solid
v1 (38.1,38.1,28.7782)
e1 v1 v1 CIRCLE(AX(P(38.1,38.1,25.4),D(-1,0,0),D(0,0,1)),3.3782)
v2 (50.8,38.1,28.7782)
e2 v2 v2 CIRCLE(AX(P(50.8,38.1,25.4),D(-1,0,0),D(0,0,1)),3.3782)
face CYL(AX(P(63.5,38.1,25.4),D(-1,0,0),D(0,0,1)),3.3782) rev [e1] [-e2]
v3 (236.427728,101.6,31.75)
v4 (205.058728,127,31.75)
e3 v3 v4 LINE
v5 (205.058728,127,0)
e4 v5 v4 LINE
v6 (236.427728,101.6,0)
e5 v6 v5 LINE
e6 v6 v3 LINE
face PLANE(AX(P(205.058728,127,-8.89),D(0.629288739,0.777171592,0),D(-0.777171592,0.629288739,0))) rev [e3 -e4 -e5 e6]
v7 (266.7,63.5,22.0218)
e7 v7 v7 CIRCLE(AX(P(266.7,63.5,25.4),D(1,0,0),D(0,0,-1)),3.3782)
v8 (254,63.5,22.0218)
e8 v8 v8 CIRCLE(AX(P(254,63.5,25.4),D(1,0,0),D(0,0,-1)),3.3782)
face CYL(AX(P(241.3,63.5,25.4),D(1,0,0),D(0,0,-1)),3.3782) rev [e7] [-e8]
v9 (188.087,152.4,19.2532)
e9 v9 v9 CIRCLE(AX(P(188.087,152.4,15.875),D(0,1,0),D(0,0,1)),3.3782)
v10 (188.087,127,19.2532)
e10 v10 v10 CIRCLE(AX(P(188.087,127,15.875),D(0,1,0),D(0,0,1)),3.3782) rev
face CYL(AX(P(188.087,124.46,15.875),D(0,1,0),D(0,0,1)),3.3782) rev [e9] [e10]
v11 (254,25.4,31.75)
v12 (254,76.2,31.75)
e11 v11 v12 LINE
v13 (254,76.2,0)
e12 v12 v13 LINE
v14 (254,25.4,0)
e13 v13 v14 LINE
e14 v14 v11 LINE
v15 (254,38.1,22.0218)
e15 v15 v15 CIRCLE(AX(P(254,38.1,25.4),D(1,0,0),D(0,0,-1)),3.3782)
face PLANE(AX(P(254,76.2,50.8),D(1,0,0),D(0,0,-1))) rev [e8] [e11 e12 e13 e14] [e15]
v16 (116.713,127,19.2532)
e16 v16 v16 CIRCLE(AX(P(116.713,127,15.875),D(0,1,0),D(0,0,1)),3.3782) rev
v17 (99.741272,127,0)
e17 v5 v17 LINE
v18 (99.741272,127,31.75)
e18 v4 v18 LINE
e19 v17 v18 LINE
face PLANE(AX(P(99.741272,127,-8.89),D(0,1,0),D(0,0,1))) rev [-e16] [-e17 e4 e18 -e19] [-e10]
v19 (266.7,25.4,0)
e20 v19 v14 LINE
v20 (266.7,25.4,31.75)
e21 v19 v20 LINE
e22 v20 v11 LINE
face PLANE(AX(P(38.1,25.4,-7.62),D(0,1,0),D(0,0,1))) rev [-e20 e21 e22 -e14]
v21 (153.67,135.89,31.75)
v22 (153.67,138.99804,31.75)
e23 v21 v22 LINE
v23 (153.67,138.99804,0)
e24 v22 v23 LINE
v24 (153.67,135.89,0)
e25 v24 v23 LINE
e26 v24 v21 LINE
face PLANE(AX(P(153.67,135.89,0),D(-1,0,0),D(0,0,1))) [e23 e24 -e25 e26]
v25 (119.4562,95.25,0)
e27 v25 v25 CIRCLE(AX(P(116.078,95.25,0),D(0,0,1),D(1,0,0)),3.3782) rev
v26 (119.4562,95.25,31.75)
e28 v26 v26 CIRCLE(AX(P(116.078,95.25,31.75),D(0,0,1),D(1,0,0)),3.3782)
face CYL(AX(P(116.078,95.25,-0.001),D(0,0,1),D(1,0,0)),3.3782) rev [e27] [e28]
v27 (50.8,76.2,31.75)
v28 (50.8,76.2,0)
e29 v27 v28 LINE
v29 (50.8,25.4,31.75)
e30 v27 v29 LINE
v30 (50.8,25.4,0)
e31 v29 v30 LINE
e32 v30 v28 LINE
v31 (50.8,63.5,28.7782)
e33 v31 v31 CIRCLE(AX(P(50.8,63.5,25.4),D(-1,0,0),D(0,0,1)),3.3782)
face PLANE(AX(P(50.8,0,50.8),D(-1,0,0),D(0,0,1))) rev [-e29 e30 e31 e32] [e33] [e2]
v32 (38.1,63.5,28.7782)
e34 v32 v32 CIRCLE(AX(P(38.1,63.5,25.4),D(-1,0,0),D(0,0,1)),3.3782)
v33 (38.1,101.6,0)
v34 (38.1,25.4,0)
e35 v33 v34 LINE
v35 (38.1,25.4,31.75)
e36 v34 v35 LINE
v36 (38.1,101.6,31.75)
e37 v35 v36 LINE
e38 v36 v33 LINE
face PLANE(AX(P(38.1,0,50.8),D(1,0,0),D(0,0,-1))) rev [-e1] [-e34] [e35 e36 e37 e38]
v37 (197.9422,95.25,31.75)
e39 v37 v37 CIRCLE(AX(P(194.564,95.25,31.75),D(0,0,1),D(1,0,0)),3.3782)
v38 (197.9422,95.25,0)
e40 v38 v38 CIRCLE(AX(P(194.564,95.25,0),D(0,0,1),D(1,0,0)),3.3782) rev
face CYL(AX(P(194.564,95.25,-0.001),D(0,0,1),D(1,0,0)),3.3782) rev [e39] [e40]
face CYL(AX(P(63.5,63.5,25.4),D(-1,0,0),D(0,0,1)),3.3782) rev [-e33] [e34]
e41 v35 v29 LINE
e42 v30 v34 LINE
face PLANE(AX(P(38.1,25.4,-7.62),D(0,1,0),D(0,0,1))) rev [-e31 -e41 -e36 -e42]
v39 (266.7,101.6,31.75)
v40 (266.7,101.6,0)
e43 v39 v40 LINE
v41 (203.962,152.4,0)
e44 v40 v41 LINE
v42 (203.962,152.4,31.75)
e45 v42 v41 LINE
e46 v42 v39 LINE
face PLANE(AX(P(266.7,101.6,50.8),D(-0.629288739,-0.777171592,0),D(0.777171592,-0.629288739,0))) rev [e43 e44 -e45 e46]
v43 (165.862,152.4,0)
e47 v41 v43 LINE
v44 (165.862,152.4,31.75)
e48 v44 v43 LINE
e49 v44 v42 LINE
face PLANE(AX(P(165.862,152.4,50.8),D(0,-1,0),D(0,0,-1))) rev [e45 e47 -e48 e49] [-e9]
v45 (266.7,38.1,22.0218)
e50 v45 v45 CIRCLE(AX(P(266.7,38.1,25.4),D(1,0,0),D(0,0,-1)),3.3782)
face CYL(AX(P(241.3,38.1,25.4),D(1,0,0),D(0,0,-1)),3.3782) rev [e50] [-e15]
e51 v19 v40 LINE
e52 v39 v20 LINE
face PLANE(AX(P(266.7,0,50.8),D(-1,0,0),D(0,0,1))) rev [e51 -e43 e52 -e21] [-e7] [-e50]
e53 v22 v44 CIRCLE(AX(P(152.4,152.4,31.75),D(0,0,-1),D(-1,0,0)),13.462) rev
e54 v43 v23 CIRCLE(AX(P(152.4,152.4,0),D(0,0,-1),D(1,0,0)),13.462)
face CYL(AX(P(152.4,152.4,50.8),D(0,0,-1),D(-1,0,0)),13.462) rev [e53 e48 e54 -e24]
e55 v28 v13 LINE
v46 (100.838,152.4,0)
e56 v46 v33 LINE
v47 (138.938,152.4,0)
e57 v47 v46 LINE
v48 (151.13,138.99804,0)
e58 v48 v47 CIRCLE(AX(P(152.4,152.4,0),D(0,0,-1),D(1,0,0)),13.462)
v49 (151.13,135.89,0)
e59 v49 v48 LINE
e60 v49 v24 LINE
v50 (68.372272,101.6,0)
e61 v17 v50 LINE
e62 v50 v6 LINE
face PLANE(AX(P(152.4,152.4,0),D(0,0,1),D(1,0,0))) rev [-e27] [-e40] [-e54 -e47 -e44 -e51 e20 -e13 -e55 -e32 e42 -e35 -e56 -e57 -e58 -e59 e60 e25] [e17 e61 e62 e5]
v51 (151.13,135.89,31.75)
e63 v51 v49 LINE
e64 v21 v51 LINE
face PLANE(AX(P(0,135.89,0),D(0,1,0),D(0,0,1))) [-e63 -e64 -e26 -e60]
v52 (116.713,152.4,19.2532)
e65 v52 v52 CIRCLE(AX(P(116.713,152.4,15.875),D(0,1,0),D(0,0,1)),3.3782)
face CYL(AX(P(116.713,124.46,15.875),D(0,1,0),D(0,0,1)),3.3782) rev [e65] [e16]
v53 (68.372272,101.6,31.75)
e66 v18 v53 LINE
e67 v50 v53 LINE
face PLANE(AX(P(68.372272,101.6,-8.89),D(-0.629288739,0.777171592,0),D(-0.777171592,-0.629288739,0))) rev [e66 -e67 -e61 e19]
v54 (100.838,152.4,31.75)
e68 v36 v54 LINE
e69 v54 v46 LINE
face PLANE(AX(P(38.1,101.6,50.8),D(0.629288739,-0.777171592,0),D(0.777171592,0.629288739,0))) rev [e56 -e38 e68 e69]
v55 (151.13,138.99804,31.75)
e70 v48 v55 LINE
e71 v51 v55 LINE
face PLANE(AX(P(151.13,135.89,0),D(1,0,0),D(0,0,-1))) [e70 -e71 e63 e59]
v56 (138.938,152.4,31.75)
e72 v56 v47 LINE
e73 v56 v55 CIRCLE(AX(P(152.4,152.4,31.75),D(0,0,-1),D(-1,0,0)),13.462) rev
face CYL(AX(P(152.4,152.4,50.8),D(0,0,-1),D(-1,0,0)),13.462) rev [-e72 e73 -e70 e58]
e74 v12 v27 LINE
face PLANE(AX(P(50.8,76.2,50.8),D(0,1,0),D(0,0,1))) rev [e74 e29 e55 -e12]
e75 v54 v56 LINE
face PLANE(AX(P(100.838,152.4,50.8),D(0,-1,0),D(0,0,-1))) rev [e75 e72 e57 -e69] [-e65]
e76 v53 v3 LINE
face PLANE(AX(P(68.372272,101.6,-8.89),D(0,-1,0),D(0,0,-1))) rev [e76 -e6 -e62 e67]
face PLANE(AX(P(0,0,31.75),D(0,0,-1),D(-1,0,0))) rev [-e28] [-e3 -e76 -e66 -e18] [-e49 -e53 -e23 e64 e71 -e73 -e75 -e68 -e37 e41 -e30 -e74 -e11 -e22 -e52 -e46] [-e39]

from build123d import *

# Parameters (mm, degrees)
BOSS_EXTRUDE1_DEPTH = 50.8
SKETCH3_R           = 3.3782
CUT_EXTRUDE1_DEPTH  = 25.4
SKETCH4_R           = 3.3782
CUT_EXTRUDE2_DEPTH  = 25.4
SKETCH7_W           = 279.740966103
SKETCH7_H           = 194.949015238
CUT_EXTRUDE5_DEPTH  = 19.05
SKETCH8_W           = 228.6
SKETCH8_H           = 25.4
CUT_EXTRUDE6_DEPTH  = 39.37
SKETCH9_R           = 3.3782
CUT_EXTRUDE7_DEPTH  = 27.94
CUT_EXTRUDE8_DEPTH  = 40.64
SKETCH12_W          = 1.27
SKETCH12_H          = 31.75
CUT_EXTRUDE9_DEPTH  = 16.51
CUT_EXTRUDE10_REACH = 33.75
SKETCH13_R          = 3.3782


with BuildPart() as part:
    # Sketch2 → Boss-Extrude1 (new body)
    with BuildSketch(Plane.XY):
        with BuildLine():
            Line((254, 0), (266.7, 0))
            Line((266.7, 0), (266.7, 101.6))
            Line((266.7, 101.6), (203.962, 152.4))
            Line((203.962, 152.4), (165.862, 152.4))
            ThreePointArc((165.862, 152.4), (152.4, 138.938), (138.938, 152.4))
            Line((138.938, 152.4), (100.838, 152.4))
            Line((100.838, 152.4), (38.1, 101.6))
            Line((38.1, 101.6), (38.1, 0))
            Line((38.1, 0), (50.8, 0))
            Line((50.8, 0), (50.8, 76.2))
            Line((50.8, 76.2), (254, 76.2))
            Line((254, 76.2), (254, 0))
        make_face()
    extrude(amount=BOSS_EXTRUDE1_DEPTH)

    # Sketch3 → Cut-Extrude1 (cut)
    with BuildSketch(Plane.ZY.offset(-38.1)):
        with Locations((25.4, 63.5)):
            Circle(SKETCH3_R)
        with Locations((25.4, 38.1)):
            Circle(SKETCH3_R)
    extrude(amount=-CUT_EXTRUDE1_DEPTH, mode=Mode.SUBTRACT)

    # Sketch4 → Cut-Extrude2 (cut)
    with BuildSketch(Plane(origin=(266.7, 0, 0), x_dir=(0, 0, -1), z_dir=(1, 0, 0))):
        with Locations((-25.4, 63.5)):
            Circle(SKETCH4_R)
        with Locations((-25.4, 38.1)):
            Circle(SKETCH4_R)
    extrude(amount=-CUT_EXTRUDE2_DEPTH, mode=Mode.SUBTRACT)

    # Sketch7 → Cut-Extrude5 (cut)
    with BuildSketch(Plane.XY.offset(50.8)):
        with Locations((152.037641236, 76.2)):
            Rectangle(SKETCH7_W, SKETCH7_H)
    extrude(amount=-CUT_EXTRUDE5_DEPTH, mode=Mode.SUBTRACT)

    # Sketch8 → Cut-Extrude6 (cut)
    with BuildSketch(Plane.XY.offset(31.75)):
        with Locations((152.4, 12.7)):
            Rectangle(SKETCH8_W, SKETCH8_H)
    extrude(amount=-CUT_EXTRUDE6_DEPTH, mode=Mode.SUBTRACT)

    # Sketch9 → Cut-Extrude7 (cut)
    with BuildSketch(Plane(origin=(0, 152.4, 0), x_dir=(1, 0, 0), z_dir=(0, 1, 0))):
        with Locations((116.713, -15.875)):
            Circle(SKETCH9_R)
        with Locations((188.087, -15.875)):
            Circle(SKETCH9_R)
    extrude(amount=-CUT_EXTRUDE7_DEPTH, mode=Mode.SUBTRACT)

    # Sketch10 → Cut-Extrude8 (cut)
    with BuildSketch(Plane.XY.offset(31.75)):
        Polygon((68.372272223, 101.6), (99.741272223, 127), (205.058727777, 127), (236.427727777, 101.6), align=None)
    extrude(amount=-CUT_EXTRUDE8_DEPTH, mode=Mode.SUBTRACT)

    # Sketch12 → Cut-Extrude9 (cut)
    with BuildSketch(Plane(origin=(0, 152.4, 0), x_dir=(1, 0, 0), z_dir=(0, 1, 0))):
        with Locations((153.035, -15.875)):
            Rectangle(SKETCH12_W, SKETCH12_H)
        with Locations((151.765, -15.875)):
            Rectangle(SKETCH12_W, SKETCH12_H)
    extrude(amount=-CUT_EXTRUDE9_DEPTH, mode=Mode.SUBTRACT)

    # Sketch13 → Cut-Extrude10 (cut, up to next)
    with BuildSketch(Plane.XY.offset(31.75), mode=Mode.PRIVATE) as cut_extrude10_sk1:
        with Locations((116.078, 95.25)):
            Circle(SKETCH13_R)
    cut_extrude10_tool1 = extrude(cut_extrude10_sk1.sketch, amount=-CUT_EXTRUDE10_REACH, mode=Mode.PRIVATE) & part.part
    add(cut_extrude10_tool1.solids().sort_by_distance((116.078, 95.25, 31.75))[0], mode=Mode.SUBTRACT)
    # Sketch13 → Cut-Extrude10 (cut, up to next)
    with BuildSketch(Plane.XY.offset(31.75), mode=Mode.PRIVATE) as cut_extrude10_sk2:
        with Locations((194.564, 95.25)):
            Circle(SKETCH13_R)
    cut_extrude10_tool2 = extrude(cut_extrude10_sk2.sketch, amount=-CUT_EXTRUDE10_REACH, mode=Mode.PRIVATE) & part.part
    add(cut_extrude10_tool2.solids().sort_by_distance((194.564, 95.25, 31.75))[0], mode=Mode.SUBTRACT)


solid = part.part
